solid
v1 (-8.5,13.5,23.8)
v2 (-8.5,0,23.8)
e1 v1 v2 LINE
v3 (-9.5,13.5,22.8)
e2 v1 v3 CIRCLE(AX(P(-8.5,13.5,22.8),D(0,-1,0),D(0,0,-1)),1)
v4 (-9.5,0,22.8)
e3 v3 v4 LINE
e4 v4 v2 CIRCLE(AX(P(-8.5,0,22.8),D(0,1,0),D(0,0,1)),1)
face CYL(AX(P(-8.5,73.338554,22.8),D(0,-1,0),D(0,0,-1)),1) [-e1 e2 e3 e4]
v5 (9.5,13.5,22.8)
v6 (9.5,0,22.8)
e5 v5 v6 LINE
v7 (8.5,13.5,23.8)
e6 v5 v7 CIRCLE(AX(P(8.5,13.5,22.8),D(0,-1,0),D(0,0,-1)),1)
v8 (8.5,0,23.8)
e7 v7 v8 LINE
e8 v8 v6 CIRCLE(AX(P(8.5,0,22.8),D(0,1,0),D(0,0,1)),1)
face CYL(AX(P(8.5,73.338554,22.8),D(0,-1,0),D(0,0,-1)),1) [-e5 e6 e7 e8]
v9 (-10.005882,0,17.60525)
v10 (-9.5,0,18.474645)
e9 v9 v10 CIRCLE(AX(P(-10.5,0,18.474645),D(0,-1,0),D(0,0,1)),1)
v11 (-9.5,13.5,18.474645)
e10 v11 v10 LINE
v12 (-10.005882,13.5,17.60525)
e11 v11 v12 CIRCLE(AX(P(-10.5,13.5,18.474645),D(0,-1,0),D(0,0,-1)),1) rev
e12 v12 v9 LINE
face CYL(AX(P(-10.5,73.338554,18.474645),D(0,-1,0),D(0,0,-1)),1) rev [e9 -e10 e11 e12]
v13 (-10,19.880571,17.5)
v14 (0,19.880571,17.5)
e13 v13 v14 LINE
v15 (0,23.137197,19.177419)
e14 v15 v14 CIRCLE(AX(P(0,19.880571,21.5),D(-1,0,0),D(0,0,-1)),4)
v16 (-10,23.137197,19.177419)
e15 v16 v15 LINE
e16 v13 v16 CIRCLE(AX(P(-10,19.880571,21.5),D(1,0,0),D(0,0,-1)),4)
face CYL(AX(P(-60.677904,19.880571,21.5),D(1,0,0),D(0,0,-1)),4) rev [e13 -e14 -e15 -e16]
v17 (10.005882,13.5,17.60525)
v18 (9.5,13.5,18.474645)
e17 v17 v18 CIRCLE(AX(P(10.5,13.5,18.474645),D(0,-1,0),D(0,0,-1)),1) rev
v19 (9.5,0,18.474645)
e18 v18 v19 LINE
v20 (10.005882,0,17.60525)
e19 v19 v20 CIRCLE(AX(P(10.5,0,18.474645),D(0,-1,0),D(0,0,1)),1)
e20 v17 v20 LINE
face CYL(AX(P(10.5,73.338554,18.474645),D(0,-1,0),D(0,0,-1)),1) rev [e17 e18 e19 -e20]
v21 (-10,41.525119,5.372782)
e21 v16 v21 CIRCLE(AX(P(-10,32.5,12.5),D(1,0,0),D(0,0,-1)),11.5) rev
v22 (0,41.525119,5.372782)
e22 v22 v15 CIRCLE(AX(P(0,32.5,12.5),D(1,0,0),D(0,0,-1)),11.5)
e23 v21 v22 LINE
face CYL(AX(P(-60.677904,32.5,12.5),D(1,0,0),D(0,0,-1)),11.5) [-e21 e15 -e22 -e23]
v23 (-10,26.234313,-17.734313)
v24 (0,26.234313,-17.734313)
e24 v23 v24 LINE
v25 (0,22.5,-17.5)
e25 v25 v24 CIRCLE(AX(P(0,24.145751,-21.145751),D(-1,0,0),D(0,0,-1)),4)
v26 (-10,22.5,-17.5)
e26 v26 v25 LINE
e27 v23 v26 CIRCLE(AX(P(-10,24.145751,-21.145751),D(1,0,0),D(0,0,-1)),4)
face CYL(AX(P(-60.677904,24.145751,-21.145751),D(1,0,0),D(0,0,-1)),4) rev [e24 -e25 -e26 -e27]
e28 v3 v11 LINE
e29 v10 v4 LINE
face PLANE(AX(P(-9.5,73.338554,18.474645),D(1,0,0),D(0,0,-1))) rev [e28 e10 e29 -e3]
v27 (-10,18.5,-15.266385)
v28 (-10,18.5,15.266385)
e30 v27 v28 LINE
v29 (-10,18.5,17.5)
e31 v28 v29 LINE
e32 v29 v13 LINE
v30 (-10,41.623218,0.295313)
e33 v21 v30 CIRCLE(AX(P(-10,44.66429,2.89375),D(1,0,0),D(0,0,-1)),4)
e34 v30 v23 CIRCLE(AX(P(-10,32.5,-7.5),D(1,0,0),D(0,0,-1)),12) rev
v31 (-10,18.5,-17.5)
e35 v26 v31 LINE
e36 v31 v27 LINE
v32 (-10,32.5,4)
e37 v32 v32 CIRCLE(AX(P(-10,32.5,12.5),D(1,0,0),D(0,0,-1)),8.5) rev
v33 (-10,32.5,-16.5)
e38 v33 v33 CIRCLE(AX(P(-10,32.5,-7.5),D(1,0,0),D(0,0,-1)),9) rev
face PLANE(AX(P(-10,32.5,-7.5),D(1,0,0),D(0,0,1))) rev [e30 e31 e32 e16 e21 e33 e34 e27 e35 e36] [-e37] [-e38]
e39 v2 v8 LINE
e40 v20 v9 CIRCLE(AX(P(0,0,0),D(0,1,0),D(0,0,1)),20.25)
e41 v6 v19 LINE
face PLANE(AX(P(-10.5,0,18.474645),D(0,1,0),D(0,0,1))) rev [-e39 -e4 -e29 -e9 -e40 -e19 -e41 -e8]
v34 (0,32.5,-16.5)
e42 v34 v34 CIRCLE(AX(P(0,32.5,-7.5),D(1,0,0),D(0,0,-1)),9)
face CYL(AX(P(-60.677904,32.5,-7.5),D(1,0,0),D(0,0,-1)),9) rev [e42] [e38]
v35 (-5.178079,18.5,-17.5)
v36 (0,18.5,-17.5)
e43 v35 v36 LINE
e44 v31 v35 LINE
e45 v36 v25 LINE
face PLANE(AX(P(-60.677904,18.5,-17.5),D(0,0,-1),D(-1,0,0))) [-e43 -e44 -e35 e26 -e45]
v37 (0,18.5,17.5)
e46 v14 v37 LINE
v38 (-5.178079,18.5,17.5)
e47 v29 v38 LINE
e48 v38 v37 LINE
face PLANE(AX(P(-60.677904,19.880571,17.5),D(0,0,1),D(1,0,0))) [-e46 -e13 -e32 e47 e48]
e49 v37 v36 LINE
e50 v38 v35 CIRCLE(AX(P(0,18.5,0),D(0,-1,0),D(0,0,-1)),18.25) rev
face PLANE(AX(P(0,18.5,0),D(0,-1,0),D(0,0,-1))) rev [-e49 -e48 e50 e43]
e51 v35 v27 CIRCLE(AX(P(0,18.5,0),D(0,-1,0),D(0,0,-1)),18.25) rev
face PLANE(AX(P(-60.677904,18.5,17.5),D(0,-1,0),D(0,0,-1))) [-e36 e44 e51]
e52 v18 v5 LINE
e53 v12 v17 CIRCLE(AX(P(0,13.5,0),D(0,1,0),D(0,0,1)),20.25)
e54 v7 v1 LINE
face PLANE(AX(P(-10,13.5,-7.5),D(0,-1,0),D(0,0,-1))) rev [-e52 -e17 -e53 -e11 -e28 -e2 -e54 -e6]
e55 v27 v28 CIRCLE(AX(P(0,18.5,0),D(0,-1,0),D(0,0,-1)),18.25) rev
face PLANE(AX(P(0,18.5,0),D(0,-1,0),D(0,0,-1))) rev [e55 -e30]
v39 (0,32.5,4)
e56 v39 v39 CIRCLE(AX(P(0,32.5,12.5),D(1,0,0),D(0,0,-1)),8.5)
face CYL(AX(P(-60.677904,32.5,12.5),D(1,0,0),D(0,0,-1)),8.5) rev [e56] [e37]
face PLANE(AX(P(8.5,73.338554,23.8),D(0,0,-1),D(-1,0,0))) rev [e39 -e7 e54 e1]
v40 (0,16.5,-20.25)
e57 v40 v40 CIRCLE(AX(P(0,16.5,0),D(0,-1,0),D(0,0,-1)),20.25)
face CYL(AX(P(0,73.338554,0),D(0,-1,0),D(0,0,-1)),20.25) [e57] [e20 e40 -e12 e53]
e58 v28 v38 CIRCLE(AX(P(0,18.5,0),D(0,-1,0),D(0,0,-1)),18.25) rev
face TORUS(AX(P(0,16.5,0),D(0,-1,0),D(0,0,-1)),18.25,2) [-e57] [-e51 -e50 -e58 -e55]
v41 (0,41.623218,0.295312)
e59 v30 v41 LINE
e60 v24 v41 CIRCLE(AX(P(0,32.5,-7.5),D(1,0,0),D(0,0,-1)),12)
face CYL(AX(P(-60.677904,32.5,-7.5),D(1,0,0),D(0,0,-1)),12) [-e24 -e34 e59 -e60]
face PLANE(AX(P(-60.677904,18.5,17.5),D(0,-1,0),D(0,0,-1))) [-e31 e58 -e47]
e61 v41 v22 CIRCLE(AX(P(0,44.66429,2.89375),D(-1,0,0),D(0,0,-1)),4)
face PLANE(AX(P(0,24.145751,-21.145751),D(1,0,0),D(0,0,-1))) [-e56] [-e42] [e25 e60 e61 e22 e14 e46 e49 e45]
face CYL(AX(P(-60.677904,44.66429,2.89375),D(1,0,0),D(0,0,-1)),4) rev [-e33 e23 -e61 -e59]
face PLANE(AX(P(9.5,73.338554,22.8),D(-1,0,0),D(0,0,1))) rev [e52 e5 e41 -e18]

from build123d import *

# Parameters (mm, degrees)
BOSS_EXTRUDE1_DEPTH = 13.5
SKETCH2_R           = 20.25
BOSS_EXTRUDE2_DEPTH = 5
FILLET1_R           = 2
SKETCH3_R           = 9
SKETCH3_R_2         = 8.5
BOSS_EXTRUDE3_DEPTH = 10


with BuildPart() as part:
    # Sketch1 → Boss-Extrude1 (new body)
    with BuildSketch(Plane(origin=(0, 0, 0), x_dir=(1, 0, 0), z_dir=(0, 1, 0))):
        with BuildLine():
            Line((-9.5, -18.474644787), (-9.5, -22.8))
            ThreePointArc((-9.5, -22.8), (-9.207106781, -23.507106781), (-8.5, -23.8))
            Line((-8.5, -23.8), (8.5, -23.8))
            ThreePointArc((8.5, -23.8), (9.207106781, -23.507106781), (9.5, -22.8))
            Line((9.5, -22.8), (9.5, -18.474644787))
            ThreePointArc((9.5, -18.474644787), (9.635674353, -17.97171221), (10.005882353, -17.605249738))
            ThreePointArc((10.005882353, -17.605249738), (0, 20.25), (-10.005882353, -17.605249738))
            ThreePointArc((-10.005882353, -17.605249738), (-9.635674353, -17.97171221), (-9.5, -18.474644787))
        make_face()
    extrude(amount=BOSS_EXTRUDE1_DEPTH)

    # Sketch2 → Boss-Extrude2 (add)
    with BuildSketch(Plane(origin=(0, 13.5, 0), x_dir=(1, 0, 0), z_dir=(0, 1, 0))):
        with Locations(Location((0, 0, 0), (0, 0, 90))):
            Circle(SKETCH2_R)
    extrude(amount=BOSS_EXTRUDE2_DEPTH)

    # Fillet1
    fillet1_edges = [part.edges().sort_by_distance(p)[0] for p in [
        (0, 18.5, 20.25),
    ]]
    fillet(fillet1_edges, radius=FILLET1_R)

    # Sketch3 → Boss-Extrude3 (add)
    with BuildSketch(Plane(origin=(0, 0, 0), x_dir=(0, 0, -1), z_dir=(1, 0, 0))):
        with BuildLine():
            Line((17.5, 18.5), (17.5, 22.5))
            ThreePointArc((17.5, 22.5), (17.153602274, 24.396242961), (17.734313483, 26.234313483))
            ThreePointArc((17.734313483, 26.234313483), (15.290492633, 41.627333923), (-0.2953125, 41.6232178))
            ThreePointArc((-0.2953125, 41.6232178), (-2.816482529, 40.665036752), (-5.372782258, 41.525118684))
            ThreePointArc((-5.372782258, 41.525118684), (-21.696710883, 39.404383313), (-19.177419355, 23.137197494))
            ThreePointArc((-19.177419355, 23.137197494), (-17.943996444, 21.712192415), (-17.5, 19.880570536))
            Line((-17.5, 19.880570536), (-17.5, 18.5))
            Line((-17.5, 18.5), (17.5, 18.5))
        make_face()
        with Locations((7.5, 32.5)):
            Circle(SKETCH3_R, mode=Mode.SUBTRACT)
        with Locations((-12.5, 32.5)):
            Circle(SKETCH3_R_2, mode=Mode.SUBTRACT)
    extrude(amount=-BOSS_EXTRUDE3_DEPTH)


solid = part.part
